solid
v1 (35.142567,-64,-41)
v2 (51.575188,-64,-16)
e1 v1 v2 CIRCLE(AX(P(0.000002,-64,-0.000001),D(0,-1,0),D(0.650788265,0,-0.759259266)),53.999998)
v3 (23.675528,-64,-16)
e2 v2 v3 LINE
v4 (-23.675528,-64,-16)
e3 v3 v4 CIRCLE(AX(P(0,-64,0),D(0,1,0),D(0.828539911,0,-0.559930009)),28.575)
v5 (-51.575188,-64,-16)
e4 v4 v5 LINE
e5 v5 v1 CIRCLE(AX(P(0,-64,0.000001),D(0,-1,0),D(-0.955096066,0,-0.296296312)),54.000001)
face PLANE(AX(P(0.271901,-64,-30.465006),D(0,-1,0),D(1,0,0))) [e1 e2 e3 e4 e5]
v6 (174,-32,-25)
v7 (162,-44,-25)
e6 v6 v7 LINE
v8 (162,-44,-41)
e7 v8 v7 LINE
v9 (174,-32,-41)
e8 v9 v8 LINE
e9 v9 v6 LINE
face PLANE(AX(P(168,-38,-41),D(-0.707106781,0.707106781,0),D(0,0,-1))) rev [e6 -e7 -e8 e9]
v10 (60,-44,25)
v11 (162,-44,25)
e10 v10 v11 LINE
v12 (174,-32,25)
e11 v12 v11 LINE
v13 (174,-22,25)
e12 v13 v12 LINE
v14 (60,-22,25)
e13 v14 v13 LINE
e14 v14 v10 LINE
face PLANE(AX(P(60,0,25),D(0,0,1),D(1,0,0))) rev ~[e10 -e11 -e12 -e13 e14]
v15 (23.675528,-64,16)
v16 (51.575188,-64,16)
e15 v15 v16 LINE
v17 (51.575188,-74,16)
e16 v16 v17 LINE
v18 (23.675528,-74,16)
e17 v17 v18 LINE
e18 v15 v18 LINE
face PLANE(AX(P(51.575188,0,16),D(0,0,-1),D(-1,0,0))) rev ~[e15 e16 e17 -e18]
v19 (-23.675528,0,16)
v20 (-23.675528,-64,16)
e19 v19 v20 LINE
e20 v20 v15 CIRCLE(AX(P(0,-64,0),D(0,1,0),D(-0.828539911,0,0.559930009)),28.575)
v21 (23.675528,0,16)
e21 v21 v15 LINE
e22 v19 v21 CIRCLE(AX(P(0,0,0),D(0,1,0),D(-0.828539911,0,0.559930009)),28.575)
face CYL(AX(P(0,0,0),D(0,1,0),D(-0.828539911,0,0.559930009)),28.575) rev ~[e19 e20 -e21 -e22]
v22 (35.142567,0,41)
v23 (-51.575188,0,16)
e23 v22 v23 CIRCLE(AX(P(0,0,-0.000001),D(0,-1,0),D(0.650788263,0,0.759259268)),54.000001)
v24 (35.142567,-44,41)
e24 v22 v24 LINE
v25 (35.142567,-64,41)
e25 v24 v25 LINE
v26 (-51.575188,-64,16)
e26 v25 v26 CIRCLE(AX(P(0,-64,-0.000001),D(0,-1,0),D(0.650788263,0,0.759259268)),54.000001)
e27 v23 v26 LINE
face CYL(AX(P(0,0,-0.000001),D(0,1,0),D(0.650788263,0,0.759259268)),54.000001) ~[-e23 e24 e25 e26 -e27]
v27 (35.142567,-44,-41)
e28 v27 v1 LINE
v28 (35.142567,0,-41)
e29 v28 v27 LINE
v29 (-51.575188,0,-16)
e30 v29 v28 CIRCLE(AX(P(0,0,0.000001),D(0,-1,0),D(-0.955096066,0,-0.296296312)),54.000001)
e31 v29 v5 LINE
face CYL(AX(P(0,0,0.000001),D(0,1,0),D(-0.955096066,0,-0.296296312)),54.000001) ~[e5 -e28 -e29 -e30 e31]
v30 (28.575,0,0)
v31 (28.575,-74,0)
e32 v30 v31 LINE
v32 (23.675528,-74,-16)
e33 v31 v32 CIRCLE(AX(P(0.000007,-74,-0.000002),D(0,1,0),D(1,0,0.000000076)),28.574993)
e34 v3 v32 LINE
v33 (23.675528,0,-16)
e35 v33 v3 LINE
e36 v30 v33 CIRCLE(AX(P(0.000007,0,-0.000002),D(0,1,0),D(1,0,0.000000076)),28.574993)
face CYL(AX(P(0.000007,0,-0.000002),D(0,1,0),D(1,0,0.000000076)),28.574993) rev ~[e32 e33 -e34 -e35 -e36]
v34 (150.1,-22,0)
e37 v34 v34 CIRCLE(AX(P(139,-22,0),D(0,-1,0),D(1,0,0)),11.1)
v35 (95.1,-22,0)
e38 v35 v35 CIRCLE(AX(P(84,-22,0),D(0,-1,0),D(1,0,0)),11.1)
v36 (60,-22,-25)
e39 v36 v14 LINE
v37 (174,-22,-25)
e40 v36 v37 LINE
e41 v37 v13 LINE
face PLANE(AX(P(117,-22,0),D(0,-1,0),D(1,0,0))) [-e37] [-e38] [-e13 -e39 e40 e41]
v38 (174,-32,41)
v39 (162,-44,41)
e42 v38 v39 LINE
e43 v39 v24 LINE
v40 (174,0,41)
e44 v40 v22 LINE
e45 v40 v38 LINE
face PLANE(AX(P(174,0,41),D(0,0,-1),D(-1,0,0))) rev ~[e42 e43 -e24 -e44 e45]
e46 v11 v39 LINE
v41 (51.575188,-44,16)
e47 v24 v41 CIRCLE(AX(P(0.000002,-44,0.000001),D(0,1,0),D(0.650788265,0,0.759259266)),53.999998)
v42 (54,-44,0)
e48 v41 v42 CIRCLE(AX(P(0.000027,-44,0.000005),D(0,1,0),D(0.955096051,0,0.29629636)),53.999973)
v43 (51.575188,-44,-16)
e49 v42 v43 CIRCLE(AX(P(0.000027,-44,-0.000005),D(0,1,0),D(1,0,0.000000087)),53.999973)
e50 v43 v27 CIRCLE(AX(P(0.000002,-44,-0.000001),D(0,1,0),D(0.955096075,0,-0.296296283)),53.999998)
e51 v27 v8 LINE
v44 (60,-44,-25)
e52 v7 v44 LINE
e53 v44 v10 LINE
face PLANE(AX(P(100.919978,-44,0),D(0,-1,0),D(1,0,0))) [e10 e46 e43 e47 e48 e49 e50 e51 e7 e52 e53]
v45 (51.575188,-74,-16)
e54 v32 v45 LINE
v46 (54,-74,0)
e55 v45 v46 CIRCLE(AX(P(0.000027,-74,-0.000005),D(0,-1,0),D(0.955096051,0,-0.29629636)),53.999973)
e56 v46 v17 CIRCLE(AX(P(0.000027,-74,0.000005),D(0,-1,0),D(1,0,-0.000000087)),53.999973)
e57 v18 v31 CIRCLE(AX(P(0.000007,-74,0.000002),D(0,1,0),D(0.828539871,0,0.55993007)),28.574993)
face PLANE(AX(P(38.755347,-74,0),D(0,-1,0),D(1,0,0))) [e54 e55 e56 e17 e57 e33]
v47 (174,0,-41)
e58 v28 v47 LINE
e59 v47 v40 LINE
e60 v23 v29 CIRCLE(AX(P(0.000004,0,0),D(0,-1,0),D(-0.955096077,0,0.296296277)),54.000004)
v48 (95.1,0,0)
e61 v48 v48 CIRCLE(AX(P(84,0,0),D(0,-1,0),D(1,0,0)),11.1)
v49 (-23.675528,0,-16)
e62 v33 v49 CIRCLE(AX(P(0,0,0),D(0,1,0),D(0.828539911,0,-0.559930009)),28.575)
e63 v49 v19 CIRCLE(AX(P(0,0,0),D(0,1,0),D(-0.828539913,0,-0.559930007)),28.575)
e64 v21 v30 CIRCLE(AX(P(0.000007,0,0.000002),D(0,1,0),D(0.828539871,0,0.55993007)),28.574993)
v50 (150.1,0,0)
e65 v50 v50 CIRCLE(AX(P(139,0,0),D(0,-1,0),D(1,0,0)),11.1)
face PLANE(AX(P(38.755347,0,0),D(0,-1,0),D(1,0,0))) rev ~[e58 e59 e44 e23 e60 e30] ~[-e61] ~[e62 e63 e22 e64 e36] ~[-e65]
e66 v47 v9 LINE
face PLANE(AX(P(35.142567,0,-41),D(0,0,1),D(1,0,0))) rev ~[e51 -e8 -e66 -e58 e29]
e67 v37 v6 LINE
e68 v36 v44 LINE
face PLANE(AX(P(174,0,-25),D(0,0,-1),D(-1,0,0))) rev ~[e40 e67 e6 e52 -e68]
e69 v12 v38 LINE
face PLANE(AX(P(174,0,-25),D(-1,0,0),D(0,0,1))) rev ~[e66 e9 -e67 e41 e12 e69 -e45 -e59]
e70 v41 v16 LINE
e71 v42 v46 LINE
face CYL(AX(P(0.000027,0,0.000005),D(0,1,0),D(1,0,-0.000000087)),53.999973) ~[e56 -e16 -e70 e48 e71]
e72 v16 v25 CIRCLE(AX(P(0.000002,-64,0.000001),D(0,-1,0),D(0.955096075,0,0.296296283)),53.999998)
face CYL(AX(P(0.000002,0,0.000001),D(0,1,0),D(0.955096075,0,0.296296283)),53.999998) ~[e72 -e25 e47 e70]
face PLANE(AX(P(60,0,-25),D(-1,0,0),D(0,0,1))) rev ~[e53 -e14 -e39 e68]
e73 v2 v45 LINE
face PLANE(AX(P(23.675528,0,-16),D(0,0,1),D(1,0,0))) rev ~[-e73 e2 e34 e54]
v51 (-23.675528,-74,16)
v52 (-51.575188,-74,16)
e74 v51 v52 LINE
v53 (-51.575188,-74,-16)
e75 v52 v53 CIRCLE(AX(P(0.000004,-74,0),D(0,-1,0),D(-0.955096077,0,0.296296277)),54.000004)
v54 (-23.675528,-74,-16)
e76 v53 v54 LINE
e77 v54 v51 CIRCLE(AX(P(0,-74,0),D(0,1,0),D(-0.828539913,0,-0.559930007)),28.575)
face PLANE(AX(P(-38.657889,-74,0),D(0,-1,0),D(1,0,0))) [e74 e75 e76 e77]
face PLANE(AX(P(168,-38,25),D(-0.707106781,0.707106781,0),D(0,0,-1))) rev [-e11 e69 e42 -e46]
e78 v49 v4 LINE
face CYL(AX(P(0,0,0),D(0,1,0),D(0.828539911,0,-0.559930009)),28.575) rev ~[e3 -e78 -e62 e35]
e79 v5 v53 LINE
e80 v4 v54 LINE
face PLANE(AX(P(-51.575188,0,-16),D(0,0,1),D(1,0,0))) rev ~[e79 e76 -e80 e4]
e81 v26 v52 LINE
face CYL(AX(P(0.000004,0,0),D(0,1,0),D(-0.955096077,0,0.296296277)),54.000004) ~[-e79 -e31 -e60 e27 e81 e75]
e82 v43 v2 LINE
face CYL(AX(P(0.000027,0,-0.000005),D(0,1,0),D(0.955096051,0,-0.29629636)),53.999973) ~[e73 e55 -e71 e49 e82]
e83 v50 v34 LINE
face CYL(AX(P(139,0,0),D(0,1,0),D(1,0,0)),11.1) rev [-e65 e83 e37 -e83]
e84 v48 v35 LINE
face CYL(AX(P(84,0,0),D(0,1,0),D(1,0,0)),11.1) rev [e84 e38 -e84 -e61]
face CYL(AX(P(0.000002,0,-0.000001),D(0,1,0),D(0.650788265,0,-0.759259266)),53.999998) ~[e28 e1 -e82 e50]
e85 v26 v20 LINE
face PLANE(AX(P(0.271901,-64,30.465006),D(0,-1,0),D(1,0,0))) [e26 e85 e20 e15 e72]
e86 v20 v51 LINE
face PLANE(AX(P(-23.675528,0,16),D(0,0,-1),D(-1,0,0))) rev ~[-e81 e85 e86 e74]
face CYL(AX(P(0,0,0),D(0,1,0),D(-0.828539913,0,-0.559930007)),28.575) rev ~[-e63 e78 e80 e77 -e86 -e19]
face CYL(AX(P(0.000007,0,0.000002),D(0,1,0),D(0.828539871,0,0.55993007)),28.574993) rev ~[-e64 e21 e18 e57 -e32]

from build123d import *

# Parameters (mm, degrees)
F1_DEPTH = 44
F0_W     = 114
F0_H     = 50
F0_R     = 11.1
F2_DEPTH = 22
F3_DEPTH = 64
F4_DEPTH = 74
F5_SIZE2 = 12
F5_SIZE  = 12


with BuildPart() as f1:
    # F0 (on Front) → F1 (new body)
    with BuildSketch(Plane.XZ):
        with BuildLine():
            ThreePointArc((35.142567, 41), (45.124741, 29.660711), (51.575188, 16))
            ThreePointArc((51.575188, 16), (53.390356, 8.091349), (54, 0))
            ThreePointArc((54, 0), (53.390356, -8.091349), (51.575188, -16))
            ThreePointArc((51.575188, -16), (45.124741, -29.660711), (35.142567, -41))
            Line((35.142567, -41), (174, -41))
            Line((174, -41), (174, -25))
            Line((174, -25), (60, -25))
            Line((60, -25), (60, 25))
            Line((60, 25), (174, 25))
            Line((174, 25), (174, 41))
            Line((174, 41), (35.142567, 41))
        make_face()
    extrude(amount=F1_DEPTH)

    # F0 (on Front) → F2 (join)
    with BuildSketch(Plane.XZ):
        with Locations((117, 0)):
            Rectangle(F0_W, F0_H)
        with Locations((84, 0)):
            Circle(F0_R, mode=Mode.SUBTRACT)
        with Locations((139, 0)):
            Circle(F0_R, mode=Mode.SUBTRACT)
    extrude(amount=F2_DEPTH)

    # F0 (on Front) → F3 (join)
    with BuildSketch(Plane.XZ):
        with BuildLine():
            ThreePointArc((-23.675528, 16), (0, 28.575), (23.675528, 16))
            Line((23.675528, 16), (51.575188, 16))
            ThreePointArc((51.575188, 16), (45.124741, 29.660711), (35.142567, 41))
            ThreePointArc((35.142567, 41), (-14.958535, 51.886821), (-51.575188, 16))
            Line((-51.575188, 16), (-23.675528, 16))
        make_face()
        with BuildLine():
            Line((51.575188, -16), (23.675528, -16))
            ThreePointArc((23.675528, -16), (0, -28.575), (-23.675528, -16))
            Line((-23.675528, -16), (-51.575188, -16))
            ThreePointArc((-51.575188, -16), (-14.958535, -51.886821), (35.142567, -41))
            ThreePointArc((35.142567, -41), (45.124741, -29.660711), (51.575188, -16))
        make_face()
    extrude(amount=F3_DEPTH)

    # F0 (on Front) → F4 (join)
    with BuildSketch(Plane.XZ):
        with BuildLine():
            ThreePointArc((23.675528, 16), (27.322691, 8.366672), (28.575, 0))
            ThreePointArc((28.575, 0), (27.322691, -8.366672), (23.675528, -16))
            Line((23.675528, -16), (51.575188, -16))
            ThreePointArc((51.575188, -16), (53.390356, -8.091349), (54, 0))
            ThreePointArc((54, 0), (53.390356, 8.091349), (51.575188, 16))
            Line((51.575188, 16), (23.675528, 16))
        make_face()
        with BuildLine():
            ThreePointArc((-23.675528, -16), (-28.575, 0), (-23.675528, 16))
            Line((-23.675528, 16), (-51.575188, 16))
            ThreePointArc((-51.575188, 16), (-54, 0), (-51.575188, -16))
            Line((-51.575188, -16), (-23.675528, -16))
        make_face()
    extrude(amount=F4_DEPTH)

    # F5
    f5_edges = [f1.edges().sort_by_distance(p)[0] for p in [
        (174, -44, -33),
        (174, -44, 33),
    ]]
    chamfer(f5_edges, length=F5_SIZE, length2=F5_SIZE2)


solid = f1.part
